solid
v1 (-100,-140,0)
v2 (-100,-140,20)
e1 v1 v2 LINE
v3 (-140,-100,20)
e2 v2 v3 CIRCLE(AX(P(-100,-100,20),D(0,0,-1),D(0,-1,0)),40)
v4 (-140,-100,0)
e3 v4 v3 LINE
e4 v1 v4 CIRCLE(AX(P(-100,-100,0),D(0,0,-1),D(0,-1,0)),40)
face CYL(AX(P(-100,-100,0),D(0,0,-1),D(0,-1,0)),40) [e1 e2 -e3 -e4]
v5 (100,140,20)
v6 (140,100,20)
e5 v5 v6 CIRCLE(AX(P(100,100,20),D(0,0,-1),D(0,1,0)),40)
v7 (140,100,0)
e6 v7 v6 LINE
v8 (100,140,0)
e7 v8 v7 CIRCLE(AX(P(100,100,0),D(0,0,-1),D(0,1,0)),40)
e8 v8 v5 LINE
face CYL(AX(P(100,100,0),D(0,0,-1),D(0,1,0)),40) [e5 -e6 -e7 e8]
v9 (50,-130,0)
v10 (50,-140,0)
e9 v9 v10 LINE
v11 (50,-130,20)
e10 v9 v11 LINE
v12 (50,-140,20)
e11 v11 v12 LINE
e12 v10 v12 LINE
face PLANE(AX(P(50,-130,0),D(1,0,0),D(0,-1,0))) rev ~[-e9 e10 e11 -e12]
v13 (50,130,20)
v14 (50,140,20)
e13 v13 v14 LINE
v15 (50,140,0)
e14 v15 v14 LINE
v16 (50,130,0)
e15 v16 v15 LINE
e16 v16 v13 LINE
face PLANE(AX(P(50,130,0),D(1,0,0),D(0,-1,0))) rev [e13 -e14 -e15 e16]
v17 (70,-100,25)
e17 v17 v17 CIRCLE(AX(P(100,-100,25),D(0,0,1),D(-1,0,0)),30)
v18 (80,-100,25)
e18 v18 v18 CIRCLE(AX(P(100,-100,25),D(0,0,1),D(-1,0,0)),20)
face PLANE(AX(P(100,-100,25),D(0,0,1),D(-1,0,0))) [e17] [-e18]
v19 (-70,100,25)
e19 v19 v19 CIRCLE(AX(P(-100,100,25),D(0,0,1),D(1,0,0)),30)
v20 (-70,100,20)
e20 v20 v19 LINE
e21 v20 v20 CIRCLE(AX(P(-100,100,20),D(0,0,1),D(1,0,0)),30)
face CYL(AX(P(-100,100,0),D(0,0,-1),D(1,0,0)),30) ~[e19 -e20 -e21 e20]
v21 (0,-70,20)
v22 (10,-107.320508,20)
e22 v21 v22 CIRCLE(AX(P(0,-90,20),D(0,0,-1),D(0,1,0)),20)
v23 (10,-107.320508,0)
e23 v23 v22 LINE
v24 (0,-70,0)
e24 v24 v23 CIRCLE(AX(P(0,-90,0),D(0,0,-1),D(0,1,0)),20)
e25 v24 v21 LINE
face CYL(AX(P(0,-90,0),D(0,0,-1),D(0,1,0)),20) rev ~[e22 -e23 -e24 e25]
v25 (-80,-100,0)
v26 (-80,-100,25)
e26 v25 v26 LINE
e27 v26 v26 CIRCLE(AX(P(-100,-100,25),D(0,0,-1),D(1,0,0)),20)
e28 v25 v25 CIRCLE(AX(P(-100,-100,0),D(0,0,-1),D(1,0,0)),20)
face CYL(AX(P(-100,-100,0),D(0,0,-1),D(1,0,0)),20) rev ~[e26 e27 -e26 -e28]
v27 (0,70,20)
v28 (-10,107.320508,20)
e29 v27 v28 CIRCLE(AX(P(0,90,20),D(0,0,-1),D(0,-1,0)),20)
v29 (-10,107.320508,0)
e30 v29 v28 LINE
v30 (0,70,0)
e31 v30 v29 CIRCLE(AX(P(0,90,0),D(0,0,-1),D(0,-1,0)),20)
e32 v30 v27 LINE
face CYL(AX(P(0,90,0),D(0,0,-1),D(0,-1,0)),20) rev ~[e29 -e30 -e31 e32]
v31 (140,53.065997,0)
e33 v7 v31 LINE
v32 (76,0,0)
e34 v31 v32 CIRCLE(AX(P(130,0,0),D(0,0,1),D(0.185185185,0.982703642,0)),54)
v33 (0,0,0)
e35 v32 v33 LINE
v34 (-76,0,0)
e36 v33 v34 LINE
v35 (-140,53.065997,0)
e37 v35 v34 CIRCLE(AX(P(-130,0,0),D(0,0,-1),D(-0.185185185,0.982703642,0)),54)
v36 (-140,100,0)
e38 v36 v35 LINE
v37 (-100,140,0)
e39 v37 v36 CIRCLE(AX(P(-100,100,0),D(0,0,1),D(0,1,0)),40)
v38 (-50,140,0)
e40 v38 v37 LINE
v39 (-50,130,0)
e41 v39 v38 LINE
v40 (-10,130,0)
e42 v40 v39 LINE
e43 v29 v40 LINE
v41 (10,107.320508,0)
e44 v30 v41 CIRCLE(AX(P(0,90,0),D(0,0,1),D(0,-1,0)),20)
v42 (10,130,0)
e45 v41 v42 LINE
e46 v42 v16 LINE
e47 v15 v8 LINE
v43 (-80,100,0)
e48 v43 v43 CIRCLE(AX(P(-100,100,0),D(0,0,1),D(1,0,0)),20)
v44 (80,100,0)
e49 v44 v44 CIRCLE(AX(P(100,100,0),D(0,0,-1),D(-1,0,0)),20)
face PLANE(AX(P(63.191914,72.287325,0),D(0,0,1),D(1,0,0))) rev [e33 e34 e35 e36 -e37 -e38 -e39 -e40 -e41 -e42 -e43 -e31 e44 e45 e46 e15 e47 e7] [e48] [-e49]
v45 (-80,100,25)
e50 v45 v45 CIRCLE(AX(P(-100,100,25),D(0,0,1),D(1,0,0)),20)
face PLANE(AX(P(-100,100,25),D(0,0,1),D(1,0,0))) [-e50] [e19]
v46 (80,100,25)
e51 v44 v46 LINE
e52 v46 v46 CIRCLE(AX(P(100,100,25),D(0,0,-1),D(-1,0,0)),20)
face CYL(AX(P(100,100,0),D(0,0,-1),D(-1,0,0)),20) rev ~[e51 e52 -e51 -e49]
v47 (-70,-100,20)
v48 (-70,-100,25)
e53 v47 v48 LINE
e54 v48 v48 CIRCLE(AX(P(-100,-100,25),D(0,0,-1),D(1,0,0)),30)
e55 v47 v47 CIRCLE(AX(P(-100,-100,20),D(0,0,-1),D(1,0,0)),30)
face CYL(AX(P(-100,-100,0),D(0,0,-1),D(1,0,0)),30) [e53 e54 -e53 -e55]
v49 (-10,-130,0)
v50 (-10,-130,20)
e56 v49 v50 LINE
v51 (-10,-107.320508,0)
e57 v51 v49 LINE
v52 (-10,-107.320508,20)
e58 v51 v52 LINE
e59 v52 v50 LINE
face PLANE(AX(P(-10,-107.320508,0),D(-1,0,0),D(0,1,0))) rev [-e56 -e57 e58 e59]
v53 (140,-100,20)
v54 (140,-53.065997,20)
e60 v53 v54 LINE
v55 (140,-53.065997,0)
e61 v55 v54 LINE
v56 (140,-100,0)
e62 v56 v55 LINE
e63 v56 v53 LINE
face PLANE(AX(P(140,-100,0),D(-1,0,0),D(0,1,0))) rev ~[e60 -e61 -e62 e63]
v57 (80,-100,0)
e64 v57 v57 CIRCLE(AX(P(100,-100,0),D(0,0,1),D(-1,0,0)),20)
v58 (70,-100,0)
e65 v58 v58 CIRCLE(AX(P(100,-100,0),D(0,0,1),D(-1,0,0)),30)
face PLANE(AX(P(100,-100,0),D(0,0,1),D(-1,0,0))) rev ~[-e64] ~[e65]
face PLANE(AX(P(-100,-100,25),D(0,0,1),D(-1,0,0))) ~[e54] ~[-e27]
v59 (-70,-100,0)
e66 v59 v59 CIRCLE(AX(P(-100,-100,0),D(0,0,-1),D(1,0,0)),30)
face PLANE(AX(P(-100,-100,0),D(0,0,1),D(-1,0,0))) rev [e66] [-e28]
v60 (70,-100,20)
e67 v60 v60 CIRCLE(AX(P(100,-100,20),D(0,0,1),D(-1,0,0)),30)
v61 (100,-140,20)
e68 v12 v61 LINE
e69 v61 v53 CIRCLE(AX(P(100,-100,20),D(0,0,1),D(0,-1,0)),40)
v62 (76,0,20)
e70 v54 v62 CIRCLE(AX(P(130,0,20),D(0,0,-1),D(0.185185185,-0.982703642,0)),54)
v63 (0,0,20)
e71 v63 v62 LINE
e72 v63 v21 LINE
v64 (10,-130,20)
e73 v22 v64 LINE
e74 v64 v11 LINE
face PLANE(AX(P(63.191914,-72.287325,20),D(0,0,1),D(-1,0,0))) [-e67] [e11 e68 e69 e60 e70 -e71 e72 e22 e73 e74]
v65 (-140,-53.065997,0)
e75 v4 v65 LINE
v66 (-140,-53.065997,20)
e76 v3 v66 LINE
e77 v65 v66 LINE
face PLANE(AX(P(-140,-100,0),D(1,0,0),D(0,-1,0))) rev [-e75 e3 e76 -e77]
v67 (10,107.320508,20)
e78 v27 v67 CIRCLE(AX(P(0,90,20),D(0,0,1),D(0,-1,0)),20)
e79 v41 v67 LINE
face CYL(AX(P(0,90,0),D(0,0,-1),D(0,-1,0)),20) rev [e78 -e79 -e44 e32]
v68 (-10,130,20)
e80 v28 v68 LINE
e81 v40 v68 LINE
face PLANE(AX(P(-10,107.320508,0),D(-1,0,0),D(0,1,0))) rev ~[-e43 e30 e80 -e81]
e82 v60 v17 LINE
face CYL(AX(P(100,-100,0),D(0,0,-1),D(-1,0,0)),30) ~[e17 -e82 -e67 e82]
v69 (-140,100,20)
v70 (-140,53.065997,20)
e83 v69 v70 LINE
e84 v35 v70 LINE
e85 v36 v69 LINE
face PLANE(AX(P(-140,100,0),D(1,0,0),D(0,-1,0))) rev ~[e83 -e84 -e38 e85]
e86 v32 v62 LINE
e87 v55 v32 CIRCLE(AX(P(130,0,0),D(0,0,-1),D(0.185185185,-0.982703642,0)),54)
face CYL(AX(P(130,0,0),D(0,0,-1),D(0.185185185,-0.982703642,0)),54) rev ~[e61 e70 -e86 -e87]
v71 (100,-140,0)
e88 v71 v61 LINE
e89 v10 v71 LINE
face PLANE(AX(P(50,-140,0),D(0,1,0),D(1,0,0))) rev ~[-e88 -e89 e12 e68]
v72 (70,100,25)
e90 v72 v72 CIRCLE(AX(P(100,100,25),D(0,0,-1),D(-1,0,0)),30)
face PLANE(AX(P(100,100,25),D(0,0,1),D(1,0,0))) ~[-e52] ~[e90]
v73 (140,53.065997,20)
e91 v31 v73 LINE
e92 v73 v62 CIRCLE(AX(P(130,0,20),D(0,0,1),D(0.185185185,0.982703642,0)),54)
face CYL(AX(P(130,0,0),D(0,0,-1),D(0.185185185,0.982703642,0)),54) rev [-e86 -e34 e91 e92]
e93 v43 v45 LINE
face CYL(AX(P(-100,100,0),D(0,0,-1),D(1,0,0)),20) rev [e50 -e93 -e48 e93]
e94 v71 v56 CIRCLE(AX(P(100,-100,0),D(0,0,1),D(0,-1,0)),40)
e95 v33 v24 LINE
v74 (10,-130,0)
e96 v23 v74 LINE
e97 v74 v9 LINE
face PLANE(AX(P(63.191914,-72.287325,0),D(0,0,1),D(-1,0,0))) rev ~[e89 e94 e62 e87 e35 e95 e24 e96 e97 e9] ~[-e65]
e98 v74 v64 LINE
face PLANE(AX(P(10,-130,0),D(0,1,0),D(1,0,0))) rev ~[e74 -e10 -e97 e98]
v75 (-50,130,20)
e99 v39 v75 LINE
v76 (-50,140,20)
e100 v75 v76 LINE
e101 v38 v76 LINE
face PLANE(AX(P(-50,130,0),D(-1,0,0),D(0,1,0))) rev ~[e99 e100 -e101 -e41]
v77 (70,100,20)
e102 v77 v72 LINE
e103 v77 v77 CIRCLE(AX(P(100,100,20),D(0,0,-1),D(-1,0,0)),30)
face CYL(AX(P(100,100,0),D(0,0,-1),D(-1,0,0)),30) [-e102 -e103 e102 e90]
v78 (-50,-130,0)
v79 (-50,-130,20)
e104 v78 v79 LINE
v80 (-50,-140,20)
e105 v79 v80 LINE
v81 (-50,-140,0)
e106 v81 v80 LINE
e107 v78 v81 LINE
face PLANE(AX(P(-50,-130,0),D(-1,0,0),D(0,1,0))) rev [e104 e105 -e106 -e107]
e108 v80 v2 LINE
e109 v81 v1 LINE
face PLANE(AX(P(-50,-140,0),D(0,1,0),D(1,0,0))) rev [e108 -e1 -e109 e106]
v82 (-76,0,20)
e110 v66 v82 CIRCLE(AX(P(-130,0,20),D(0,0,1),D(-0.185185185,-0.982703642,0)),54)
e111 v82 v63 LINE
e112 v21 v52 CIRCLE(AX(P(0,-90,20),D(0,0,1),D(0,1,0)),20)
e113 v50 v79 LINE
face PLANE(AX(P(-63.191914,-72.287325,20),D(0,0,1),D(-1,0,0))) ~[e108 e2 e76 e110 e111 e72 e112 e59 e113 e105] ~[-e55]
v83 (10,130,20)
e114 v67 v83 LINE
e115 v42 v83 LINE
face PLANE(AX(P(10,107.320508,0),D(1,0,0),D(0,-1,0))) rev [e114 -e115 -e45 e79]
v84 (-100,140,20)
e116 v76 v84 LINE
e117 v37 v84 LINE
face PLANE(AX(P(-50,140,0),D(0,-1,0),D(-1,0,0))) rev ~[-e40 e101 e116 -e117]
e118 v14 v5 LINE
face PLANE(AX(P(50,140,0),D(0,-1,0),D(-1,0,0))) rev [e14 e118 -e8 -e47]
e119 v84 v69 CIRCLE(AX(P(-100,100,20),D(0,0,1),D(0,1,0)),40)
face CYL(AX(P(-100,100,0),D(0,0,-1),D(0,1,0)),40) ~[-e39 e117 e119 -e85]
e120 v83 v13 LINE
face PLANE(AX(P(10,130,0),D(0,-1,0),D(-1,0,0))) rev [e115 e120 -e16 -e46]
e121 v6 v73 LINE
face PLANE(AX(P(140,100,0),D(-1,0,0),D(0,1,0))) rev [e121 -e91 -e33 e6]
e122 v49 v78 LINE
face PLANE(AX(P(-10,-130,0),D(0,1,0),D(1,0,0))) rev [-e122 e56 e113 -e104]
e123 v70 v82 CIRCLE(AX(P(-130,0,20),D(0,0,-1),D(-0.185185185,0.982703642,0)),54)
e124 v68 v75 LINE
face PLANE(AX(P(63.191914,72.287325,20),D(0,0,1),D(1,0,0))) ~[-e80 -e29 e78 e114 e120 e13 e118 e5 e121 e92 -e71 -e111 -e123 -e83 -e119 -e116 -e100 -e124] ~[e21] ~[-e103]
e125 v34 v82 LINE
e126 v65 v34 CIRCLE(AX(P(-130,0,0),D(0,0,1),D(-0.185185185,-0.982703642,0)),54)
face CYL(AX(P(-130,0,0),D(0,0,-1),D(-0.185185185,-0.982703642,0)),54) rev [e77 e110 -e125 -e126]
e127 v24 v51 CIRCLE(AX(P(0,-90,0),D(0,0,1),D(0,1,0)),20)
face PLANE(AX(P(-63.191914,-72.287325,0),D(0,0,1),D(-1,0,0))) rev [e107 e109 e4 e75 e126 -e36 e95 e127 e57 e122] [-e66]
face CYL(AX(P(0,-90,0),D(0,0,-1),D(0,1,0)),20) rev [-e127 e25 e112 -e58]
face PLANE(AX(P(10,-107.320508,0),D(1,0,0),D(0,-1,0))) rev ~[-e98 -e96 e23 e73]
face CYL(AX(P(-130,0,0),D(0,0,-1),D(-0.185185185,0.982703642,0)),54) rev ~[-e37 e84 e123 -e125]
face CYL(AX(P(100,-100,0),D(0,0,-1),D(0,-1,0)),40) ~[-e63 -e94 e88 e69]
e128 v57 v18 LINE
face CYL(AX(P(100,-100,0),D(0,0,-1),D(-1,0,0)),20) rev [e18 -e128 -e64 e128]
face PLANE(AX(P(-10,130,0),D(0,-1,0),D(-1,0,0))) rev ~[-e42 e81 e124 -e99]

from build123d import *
from build123d.topology import SkipClean

# Parameters (mm, degrees)
SKETCH1_R                                    = 30
BOSS_EXTRUDE3_DEPTH                          = 20
SKETCH1_3_R                                  = 30
SKETCH1_3_R_2                                = 20
BOSS_EXTRUDE4_DEPTH                          = 25
MIRROR1_AT_THE_SECOND_PLANE_COPY_1_SKETC_R   = 30
MIRROR1_AT_THE_SECOND_PLANE_COPY_1_DEPTH     = 20
MIRROR1_AT_THE_SECOND_PLANE_COPY_2_SKETC_R   = 30
MIRROR1_AT_THE_SECOND_PLANE_COPY_2_SKETC_R_2 = 20
MIRROR1_AT_THE_SECOND_PLANE_COPY_2_DEPTH     = 25


with BuildPart() as part:
    # Sketch1 → Boss-Extrude3 (new body)
    with BuildSketch(Plane.XY):
        with BuildLine():
            Line((-140, 100), (-140, 53.065996646))
            ThreePointArc((-140, 53.065996646), (-95.532624121, 41.569219382), (-76, 0))
            Line((-76, 0), (0, 0))
            Line((0, 0), (0, 70))
            ThreePointArc((0, 70), (-19.318516526, 84.823619098), (-10, 107.320508076))
            Line((-10, 107.320508076), (-10, 130))
            Line((-10, 130), (-50, 130))
            Line((-50, 130), (-50, 140))
            Line((-50, 140), (-100, 140))
            ThreePointArc((-100, 140), (-128.284271247, 128.284271247), (-140, 100))
        make_face()
        with Locations((-100, 100)):
            Circle(SKETCH1_R, mode=Mode.SUBTRACT)
    boss_extrude3 = extrude(amount=BOSS_EXTRUDE3_DEPTH)

    # Sketch1<3> → Boss-Extrude4 (add)
    with BuildSketch(Plane.XY):
        with Locations((-100, 100)):
            Circle(SKETCH1_3_R)
        with Locations((-100, 100)):
            Circle(SKETCH1_3_R_2, mode=Mode.SUBTRACT)
    boss_extrude4 = extrude(amount=BOSS_EXTRUDE4_DEPTH)

    # Mirror1: Boss-Extrude3, Boss-Extrude4 across plane
    add(boss_extrude3.mirror(Plane(origin=(0, 0, 0), x_dir=(0, 0, 1), z_dir=(1, 0, 0))))
    add(boss_extrude4.mirror(Plane(origin=(0, 0, 0), x_dir=(0, 0, 1), z_dir=(1, 0, 0))))

    # Mirror1 at the second plane: Boss-Extrude3, Boss-Extrude4 across plane
    with SkipClean():  # the faces are left unmerged after this step: merging them gives an invalid solid
        add(boss_extrude3.mirror(Plane.ZX))
        add(boss_extrude4.mirror(Plane.ZX))

    # Mirror1 at the second plane copy 1 sketc → Mirror1 at the second plane copy 1 (add)
    with SkipClean():  # the faces are left unmerged after this step: merging them gives an invalid solid
        with BuildSketch(Plane(origin=(0, 0, 0), x_dir=(-1, 0, 0), z_dir=(0, 0, 1))):
            with BuildLine():
                Line((-140, 100), (-140, 53.065996646))
                ThreePointArc((-140, 53.065996646), (-95.532624121, 41.569219382), (-76, 0))
                Line((-76, 0), (0, 0))
                Line((0, 0), (0, 70))
                ThreePointArc((0, 70), (-19.318516526, 84.823619098), (-10, 107.320508076))
                Line((-10, 107.320508076), (-10, 130))
                Line((-10, 130), (-50, 130))
                Line((-50, 130), (-50, 140))
                Line((-50, 140), (-100, 140))
                ThreePointArc((-100, 140), (-128.284271247, 128.284271247), (-140, 100))
            make_face()
            with Locations((-100, 100)):
                Circle(MIRROR1_AT_THE_SECOND_PLANE_COPY_1_SKETC_R, mode=Mode.SUBTRACT)
        extrude(amount=MIRROR1_AT_THE_SECOND_PLANE_COPY_1_DEPTH)

    # Mirror1 at the second plane copy 2 sketc → Mirror1 at the second plane copy 2 (add)
    with SkipClean():  # the faces are left unmerged after this step: merging them gives an invalid solid
        with BuildSketch(Plane(origin=(0, 0, 0), x_dir=(-1, 0, 0), z_dir=(0, 0, 1))):
            with Locations((-100, 100)):
                Circle(MIRROR1_AT_THE_SECOND_PLANE_COPY_2_SKETC_R)
            with Locations((-100, 100)):
                Circle(MIRROR1_AT_THE_SECOND_PLANE_COPY_2_SKETC_R_2, mode=Mode.SUBTRACT)
        extrude(amount=MIRROR1_AT_THE_SECOND_PLANE_COPY_2_DEPTH)


solid = part.part
